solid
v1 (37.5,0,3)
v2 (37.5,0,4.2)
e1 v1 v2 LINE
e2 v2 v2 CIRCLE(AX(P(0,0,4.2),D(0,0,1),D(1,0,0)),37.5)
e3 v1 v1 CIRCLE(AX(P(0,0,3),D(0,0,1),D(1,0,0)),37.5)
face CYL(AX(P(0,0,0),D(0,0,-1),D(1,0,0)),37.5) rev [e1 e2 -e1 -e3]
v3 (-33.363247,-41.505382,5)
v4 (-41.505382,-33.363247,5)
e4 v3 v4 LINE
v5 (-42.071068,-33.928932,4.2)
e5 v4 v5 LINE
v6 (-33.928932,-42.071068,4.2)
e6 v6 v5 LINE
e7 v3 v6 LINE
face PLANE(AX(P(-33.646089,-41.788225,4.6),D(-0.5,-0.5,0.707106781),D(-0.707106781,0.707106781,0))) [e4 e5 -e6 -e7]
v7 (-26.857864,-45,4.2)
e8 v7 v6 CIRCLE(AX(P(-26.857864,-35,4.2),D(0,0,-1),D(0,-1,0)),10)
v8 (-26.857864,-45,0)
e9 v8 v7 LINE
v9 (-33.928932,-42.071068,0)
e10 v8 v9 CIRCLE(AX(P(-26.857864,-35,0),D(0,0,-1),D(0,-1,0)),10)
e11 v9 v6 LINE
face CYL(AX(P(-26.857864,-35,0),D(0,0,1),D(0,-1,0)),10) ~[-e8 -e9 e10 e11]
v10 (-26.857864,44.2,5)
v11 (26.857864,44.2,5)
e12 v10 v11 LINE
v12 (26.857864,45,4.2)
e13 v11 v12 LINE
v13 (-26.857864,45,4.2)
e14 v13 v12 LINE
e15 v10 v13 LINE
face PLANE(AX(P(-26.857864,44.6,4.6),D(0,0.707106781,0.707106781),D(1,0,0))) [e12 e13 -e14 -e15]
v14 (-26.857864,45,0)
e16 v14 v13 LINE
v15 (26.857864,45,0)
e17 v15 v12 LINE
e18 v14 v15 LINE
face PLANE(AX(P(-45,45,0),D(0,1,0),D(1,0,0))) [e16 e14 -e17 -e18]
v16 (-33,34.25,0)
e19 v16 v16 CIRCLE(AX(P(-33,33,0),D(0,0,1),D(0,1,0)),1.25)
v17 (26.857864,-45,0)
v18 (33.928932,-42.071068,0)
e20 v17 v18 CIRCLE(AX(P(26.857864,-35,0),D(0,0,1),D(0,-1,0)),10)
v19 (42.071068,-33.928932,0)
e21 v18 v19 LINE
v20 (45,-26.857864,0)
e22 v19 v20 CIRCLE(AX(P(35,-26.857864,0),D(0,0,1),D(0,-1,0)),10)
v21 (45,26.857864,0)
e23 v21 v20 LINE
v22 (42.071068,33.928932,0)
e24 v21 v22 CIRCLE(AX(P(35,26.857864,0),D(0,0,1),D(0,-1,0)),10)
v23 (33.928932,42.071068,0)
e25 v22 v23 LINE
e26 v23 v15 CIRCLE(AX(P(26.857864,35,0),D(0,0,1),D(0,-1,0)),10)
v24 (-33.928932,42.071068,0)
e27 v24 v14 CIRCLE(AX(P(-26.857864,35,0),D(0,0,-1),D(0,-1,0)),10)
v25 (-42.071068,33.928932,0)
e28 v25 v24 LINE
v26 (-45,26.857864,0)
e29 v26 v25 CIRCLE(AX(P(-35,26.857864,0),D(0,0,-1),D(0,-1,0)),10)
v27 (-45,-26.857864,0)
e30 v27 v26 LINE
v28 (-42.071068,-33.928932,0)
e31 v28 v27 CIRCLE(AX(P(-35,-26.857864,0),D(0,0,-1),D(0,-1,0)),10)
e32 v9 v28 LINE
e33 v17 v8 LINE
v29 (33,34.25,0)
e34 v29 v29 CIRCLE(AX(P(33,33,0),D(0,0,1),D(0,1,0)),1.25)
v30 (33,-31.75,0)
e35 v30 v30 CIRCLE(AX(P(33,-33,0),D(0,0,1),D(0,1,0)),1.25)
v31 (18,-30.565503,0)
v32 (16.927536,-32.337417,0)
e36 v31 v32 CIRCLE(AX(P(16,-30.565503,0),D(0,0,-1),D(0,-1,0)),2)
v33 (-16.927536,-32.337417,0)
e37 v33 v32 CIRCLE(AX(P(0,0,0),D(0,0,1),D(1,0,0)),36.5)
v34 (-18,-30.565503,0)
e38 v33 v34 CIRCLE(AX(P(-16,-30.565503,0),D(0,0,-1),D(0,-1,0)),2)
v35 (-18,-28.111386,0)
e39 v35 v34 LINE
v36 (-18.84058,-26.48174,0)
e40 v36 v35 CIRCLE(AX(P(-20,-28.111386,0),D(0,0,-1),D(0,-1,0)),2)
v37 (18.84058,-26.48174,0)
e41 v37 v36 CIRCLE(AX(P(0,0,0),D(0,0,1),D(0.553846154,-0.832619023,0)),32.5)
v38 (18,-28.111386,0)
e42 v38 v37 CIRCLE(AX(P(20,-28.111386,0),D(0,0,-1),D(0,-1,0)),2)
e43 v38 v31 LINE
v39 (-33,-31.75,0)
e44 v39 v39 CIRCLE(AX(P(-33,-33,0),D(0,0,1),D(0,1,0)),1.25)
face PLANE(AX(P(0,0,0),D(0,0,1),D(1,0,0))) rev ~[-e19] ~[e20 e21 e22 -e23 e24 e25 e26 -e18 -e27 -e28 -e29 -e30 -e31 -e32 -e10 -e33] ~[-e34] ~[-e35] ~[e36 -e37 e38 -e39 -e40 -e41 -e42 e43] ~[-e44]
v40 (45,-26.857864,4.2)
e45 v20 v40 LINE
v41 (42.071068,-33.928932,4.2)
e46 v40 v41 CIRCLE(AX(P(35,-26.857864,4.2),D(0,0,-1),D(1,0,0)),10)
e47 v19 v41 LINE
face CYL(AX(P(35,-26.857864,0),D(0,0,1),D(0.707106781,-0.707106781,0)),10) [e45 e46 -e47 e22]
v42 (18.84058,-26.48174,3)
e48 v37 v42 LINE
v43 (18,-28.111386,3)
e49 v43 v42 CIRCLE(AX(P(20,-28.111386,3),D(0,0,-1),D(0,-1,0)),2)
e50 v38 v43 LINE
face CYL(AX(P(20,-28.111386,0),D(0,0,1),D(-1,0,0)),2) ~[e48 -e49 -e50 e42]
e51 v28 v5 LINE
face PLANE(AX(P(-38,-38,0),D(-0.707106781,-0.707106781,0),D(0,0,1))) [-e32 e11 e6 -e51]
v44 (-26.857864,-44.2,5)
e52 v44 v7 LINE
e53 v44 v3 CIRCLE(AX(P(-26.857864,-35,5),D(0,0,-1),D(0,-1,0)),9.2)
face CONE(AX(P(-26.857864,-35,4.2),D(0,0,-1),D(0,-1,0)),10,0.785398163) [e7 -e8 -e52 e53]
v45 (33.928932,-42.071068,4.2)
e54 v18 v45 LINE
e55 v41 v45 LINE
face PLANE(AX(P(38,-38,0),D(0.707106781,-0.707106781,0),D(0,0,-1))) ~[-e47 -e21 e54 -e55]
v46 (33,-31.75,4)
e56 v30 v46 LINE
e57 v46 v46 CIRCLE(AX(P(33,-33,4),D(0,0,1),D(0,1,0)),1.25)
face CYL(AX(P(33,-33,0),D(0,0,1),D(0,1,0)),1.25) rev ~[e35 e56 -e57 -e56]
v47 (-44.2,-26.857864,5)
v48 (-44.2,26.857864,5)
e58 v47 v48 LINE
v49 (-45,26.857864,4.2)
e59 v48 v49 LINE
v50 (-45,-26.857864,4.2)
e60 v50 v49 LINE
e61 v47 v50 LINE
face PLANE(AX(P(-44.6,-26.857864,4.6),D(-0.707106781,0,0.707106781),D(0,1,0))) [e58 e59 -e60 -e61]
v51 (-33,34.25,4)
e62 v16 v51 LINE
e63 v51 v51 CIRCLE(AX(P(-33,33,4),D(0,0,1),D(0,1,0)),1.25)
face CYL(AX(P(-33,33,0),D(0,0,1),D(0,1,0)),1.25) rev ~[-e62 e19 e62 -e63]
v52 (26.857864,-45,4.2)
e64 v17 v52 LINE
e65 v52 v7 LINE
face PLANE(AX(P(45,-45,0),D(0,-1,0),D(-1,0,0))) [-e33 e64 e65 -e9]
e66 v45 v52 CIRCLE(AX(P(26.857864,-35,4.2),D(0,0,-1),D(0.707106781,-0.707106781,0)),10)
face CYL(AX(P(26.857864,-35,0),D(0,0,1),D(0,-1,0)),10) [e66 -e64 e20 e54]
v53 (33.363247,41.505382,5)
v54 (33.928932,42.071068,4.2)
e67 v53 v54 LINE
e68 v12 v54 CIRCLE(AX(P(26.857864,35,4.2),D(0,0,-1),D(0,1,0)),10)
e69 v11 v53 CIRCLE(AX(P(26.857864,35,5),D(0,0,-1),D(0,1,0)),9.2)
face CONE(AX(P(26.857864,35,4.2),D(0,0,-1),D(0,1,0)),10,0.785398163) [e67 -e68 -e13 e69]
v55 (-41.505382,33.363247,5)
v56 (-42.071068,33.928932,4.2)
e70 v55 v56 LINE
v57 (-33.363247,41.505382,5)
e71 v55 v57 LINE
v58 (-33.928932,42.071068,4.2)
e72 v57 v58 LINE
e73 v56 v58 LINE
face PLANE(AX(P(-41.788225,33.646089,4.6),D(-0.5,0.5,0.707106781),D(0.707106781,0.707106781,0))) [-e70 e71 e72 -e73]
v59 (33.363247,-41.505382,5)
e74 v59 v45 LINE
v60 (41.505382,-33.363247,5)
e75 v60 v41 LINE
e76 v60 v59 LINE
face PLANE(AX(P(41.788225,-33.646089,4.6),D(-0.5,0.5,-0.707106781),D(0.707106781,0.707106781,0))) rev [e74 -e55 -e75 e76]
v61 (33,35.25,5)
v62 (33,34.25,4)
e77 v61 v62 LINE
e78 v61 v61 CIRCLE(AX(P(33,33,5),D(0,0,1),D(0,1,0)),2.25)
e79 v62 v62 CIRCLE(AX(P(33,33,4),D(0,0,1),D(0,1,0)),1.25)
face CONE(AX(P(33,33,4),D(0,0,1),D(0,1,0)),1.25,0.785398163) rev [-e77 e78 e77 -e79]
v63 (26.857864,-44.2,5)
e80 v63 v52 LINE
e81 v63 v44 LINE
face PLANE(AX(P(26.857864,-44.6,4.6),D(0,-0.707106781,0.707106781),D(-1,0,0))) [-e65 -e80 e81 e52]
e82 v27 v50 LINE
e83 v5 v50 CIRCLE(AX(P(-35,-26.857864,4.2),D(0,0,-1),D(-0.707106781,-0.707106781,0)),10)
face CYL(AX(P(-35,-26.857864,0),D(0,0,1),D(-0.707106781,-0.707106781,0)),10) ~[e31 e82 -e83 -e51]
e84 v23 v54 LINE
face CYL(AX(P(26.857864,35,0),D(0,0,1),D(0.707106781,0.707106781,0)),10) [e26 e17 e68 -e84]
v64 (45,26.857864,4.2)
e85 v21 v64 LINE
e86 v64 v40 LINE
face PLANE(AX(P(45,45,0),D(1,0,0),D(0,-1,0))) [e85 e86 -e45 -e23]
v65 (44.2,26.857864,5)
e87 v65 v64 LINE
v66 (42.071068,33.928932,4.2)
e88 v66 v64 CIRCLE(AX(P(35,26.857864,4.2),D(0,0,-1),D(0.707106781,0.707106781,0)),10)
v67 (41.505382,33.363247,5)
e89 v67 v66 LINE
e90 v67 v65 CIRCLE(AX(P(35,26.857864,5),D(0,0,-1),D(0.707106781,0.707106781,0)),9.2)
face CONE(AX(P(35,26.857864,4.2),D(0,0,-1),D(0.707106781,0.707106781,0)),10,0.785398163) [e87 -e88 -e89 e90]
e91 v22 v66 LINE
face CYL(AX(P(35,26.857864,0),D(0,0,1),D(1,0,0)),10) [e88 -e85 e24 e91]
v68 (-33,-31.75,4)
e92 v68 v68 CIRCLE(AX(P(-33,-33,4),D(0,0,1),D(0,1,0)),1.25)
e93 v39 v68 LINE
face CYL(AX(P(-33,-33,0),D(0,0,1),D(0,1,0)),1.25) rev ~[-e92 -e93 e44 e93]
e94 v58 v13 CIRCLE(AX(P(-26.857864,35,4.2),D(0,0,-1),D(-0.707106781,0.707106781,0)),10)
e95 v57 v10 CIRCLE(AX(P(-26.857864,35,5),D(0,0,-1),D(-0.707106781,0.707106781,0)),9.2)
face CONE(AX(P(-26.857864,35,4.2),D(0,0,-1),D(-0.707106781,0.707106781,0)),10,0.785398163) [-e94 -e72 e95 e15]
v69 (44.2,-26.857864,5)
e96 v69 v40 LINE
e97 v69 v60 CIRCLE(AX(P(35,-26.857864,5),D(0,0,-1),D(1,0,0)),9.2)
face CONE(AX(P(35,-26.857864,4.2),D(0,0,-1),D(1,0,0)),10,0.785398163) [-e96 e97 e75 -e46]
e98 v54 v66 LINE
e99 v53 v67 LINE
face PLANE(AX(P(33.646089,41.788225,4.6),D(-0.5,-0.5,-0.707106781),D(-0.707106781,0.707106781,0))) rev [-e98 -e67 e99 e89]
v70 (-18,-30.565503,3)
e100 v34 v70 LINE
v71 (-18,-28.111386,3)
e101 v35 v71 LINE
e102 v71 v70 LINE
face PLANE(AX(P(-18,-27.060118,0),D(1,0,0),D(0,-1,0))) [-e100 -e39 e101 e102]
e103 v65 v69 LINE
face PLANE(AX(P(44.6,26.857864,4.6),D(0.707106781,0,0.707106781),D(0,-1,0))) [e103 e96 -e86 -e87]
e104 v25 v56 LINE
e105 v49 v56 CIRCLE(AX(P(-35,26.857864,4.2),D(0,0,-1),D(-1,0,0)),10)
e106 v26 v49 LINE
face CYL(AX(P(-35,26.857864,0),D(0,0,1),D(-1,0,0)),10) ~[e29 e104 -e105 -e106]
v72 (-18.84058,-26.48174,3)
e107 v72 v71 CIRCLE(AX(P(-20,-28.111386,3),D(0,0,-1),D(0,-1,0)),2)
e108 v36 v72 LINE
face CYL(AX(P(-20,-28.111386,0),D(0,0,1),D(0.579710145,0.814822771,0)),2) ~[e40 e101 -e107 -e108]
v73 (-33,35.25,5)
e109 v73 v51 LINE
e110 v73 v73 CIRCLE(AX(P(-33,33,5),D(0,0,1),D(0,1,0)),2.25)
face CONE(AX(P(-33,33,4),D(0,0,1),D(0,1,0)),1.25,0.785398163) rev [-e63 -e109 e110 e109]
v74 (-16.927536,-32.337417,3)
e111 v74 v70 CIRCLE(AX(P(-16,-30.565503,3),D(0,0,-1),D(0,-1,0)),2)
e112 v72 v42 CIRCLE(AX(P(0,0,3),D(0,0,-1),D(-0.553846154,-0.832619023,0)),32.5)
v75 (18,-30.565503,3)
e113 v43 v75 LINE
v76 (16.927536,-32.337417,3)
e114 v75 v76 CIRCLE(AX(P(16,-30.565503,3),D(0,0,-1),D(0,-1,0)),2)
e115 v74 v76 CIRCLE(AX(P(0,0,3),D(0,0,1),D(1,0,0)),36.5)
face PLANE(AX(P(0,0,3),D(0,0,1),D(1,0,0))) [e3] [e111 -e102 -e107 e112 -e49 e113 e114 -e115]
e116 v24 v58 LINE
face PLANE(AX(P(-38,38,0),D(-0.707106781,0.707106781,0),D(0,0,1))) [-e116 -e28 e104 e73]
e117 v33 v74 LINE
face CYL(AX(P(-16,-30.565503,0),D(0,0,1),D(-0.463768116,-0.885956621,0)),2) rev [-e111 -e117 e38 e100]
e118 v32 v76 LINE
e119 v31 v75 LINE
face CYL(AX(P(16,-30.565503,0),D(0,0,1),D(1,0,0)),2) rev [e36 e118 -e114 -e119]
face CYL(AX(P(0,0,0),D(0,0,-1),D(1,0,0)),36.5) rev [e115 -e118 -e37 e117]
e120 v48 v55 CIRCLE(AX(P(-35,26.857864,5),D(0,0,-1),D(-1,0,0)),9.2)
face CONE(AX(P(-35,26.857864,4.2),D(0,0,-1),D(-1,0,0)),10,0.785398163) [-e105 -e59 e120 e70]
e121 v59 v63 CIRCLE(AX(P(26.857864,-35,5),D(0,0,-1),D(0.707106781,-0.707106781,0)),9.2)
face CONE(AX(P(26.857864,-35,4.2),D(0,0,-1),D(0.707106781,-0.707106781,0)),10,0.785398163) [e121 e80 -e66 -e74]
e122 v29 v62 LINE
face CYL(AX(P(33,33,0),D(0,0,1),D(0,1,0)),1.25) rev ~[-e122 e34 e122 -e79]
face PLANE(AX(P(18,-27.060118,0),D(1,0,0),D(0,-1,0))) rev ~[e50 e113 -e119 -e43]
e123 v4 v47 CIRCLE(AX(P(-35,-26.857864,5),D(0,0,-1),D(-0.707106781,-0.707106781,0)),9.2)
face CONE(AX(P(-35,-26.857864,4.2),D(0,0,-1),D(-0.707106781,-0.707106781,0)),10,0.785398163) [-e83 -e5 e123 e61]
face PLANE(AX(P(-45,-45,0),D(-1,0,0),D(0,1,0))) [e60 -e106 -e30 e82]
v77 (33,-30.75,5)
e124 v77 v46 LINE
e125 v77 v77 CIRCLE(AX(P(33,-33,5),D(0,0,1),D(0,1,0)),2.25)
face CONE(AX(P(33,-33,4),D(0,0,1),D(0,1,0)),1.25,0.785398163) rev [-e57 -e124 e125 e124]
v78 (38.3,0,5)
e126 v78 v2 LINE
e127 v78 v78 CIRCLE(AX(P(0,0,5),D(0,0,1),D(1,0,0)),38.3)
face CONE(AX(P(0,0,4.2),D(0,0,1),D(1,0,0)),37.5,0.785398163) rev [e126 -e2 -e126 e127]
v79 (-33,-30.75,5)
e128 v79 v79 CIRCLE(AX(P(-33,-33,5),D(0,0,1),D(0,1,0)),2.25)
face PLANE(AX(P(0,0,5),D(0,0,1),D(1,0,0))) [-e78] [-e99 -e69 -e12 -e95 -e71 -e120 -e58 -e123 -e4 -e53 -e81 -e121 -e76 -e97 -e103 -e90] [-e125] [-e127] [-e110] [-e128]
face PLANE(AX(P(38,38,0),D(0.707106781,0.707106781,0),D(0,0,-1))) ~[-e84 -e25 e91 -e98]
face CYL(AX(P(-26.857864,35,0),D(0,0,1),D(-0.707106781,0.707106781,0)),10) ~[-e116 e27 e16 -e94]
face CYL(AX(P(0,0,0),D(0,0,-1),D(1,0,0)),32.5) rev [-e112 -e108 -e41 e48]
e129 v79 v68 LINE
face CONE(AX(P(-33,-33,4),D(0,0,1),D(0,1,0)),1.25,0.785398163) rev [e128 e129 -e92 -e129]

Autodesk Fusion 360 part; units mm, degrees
sketch "Sketch1" plane through (0, 0, 0) normal (0, 0, 1) x (1, 0, 0)
  circle A0 centre (0, 0) radius 37.5
  circle A1 centre (0, 0) radius 32.5
  circle A2 centre (0, 0) radius 36.5
  line L0 (-18, 0) -> (18, 0)
  line L1 (18, 0) -> (18, -31.753)
  line L2 (-18, 0) -> (-18, -31.753)
  line L3 (45, -45) -> (-45, -45)
  line L4 (-45, -45) -> (-45, 45)
  line L5 (-45, 45) -> (45, 45)
  line L6 (45, 45) -> (45, -45)
  line L7 (45, -45) -> (-45, 45) construction
  line L8 (-45, -45) -> (45, 45) construction
  dimension "d1" = 75
  dimension "d2" = -5
  dimension "d3" = -1
  dimension "d4" = 36
  dimension "d5" = 90
  dimension "d6" = 90
extrude "Extrude1" add sketch "Sketch1" along normal blind 5 contours L3 L4 L5 L6
extrude "Extrude2" add sketch "Sketch1" along normal blind 3 contours A0 | A1 A2 L1 L2 picked at (-19.5132, -29.1741)
chamfer "Chamfer1" distance 14 angle 45 4 edges at (-45, 45, 2.5) (45, 45, 2.5) (45, -45, 2.5) (-45, -45, 2.5)
fillet "Fillet1" radius 10 8 edges at (-31, 45, 2.5) (-45, 31, 2.5) (31, 45, 2.5) (45, 31, 2.5) (45, -31, 2.5) (31, -45, 2.5) (-31, -45, 2.5) (-45, -31, 2.5)
sketch "Sketch2" plane through (0, 0, 0) normal (0, 0, 1) x (1, 0, 0)
  line L0 (33, -33) -> (-33, -33)
  line L1 (-33, -33) -> (-33, 33)
  line L2 (-33, 33) -> (33, 33)
  line L3 (33, 33) -> (33, -33)
  line L4 (33, -33) -> (-33, 33) construction
  line L5 (-33, -33) -> (33, 33) construction
  dimension "d14" = 66
  dimension "d15" = 66
hole "Hole1" at (33, 33, 0) at (33, -33, 0) at (-33, -33, 0) at (-33, 33, 0) direction (0, 0, 1) diameter 2.5 depth 5 tip angle 180
chamfer "Chamfer2" distance 0.8 angle 45 16 edges at (0, 45, 5) (-30.6847, 44.2388, 5) (-38, 38, 5) (-44.2388, 30.6847, 5) (-45, 0, 5) (-44.2388, -30.6847, 5) (-38, -38, 5) (-30.6847, -44.2388, 5) (0, -45, 5) (30.6847, -44.2388, 5) (38, -38, 5) (44.2388, -30.6847, 5) (45, 0, 5) (44.2388, 30.6847, 5) (38, 38, 5) (30.6847, 44.2388, 5)
chamfer "Chamfer2" distance 0.8 angle 45 1 edges at (-34.9623, 13.5606, 5)
chamfer "Chamfer2" distance 1 angle 45 4 edges at (34.1654, 32.548, 5) (34.1654, -33.452, 5) (-31.8346, -33.452, 5) (-31.8346, 32.548, 5)
fillet "Fillet2" radius 2 4 edges at (-18, -31.753, 1.5) (-18, -27.0601, 1.5) (18, -31.753, 1.5) (18, -27.0601, 1.5)
